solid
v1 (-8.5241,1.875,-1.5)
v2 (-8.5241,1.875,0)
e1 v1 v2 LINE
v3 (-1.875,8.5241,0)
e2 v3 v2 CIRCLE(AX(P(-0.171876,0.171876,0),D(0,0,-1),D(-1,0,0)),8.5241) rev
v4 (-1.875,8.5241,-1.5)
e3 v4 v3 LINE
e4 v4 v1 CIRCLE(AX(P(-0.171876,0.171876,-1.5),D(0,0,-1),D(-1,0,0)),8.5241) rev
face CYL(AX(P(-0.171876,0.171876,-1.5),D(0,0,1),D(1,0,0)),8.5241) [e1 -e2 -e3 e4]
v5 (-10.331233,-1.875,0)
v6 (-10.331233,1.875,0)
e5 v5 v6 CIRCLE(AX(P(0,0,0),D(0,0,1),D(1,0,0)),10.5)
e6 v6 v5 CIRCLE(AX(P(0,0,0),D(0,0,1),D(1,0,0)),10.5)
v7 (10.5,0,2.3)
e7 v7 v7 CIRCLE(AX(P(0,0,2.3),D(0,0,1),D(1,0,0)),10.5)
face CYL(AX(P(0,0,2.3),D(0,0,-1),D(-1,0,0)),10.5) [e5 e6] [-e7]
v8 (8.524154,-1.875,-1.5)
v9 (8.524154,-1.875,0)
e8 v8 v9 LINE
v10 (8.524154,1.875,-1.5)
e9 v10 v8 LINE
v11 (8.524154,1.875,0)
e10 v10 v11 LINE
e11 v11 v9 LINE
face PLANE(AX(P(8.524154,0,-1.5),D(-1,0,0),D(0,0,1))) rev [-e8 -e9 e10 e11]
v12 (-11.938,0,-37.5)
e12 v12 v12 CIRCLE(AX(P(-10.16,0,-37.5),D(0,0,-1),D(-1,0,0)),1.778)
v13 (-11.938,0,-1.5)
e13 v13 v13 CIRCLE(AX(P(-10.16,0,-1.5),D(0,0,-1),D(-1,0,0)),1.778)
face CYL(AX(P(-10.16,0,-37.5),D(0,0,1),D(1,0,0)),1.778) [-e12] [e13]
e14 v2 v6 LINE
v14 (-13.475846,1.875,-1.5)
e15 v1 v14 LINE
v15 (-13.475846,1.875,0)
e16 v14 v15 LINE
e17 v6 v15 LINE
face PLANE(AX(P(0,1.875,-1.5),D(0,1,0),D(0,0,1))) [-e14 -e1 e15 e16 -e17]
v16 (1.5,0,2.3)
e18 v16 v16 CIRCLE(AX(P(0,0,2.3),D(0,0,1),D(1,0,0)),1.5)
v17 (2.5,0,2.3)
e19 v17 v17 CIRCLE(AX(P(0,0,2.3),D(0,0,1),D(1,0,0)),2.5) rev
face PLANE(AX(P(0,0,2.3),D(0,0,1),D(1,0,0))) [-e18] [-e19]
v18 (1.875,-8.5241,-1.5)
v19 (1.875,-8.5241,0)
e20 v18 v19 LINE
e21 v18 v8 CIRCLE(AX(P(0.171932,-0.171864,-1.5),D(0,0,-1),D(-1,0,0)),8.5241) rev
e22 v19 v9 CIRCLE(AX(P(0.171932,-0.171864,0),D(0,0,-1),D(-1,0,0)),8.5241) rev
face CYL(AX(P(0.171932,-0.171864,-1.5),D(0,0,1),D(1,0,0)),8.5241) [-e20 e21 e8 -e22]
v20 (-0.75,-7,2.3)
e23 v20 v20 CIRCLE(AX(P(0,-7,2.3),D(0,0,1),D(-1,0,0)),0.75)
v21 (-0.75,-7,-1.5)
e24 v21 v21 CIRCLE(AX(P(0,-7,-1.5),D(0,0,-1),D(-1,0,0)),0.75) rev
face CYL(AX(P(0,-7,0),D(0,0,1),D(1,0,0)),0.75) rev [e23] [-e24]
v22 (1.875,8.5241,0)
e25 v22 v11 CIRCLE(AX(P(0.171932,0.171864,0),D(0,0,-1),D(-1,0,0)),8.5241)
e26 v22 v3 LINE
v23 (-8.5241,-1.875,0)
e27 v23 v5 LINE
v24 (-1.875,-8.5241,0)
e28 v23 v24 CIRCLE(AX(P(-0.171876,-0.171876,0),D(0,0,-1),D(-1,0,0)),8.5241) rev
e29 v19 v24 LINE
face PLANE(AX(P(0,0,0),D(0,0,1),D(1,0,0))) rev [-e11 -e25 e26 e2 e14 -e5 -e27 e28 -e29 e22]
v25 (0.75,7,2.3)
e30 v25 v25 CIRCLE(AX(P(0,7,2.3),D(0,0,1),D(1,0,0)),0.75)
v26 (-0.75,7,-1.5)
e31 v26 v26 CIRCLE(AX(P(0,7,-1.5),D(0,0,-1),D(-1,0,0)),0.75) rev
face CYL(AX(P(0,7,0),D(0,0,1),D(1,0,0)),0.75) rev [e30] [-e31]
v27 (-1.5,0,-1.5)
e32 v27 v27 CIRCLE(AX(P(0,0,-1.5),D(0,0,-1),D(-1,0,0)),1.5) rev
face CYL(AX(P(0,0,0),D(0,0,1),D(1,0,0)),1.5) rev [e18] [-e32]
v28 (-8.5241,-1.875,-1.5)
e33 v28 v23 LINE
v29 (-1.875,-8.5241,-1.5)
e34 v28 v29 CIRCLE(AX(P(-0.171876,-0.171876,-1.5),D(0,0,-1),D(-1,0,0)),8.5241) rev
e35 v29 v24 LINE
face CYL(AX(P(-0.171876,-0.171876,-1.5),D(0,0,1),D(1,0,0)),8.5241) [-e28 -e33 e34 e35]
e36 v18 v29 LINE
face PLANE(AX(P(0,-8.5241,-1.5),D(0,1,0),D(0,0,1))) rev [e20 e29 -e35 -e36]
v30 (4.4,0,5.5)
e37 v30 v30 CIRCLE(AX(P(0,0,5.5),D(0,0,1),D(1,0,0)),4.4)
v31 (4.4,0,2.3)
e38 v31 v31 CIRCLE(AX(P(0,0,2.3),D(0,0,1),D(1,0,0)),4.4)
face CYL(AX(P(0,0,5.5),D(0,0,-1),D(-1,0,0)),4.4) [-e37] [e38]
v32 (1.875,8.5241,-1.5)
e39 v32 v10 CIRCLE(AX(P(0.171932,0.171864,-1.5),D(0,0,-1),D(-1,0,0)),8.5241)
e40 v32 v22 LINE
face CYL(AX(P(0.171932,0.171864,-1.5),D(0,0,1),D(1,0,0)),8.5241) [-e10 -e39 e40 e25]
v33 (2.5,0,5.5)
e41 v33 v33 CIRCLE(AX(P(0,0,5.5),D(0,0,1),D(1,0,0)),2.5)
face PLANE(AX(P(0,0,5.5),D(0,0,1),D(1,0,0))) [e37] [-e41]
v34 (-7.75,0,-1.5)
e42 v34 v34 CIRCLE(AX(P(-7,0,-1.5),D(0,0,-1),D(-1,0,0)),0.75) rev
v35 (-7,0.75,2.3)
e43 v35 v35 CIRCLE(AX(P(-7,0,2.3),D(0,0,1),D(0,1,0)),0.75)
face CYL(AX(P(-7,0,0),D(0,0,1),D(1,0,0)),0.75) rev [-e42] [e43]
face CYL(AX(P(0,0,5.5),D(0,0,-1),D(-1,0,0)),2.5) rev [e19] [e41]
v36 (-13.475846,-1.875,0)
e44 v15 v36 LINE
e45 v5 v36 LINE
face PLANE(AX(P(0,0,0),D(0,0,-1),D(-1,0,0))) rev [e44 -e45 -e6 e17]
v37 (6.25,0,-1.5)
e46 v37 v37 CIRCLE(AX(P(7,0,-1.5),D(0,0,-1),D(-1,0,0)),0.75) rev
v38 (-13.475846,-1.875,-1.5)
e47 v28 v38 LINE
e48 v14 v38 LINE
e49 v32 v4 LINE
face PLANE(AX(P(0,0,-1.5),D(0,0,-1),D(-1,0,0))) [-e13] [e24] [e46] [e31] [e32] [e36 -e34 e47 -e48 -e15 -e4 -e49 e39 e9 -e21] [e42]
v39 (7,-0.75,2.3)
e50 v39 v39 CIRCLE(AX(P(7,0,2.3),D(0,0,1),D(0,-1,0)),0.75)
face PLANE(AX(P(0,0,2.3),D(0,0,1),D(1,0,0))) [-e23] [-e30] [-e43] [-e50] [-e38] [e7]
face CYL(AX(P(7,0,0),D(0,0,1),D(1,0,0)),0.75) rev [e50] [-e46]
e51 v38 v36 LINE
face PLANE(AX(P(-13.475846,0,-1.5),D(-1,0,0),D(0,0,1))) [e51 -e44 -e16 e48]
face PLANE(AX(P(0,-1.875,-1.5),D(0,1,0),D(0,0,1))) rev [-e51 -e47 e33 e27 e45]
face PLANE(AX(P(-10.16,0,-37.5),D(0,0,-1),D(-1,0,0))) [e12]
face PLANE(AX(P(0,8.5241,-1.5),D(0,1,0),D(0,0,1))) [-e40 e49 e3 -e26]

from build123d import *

# Parameters (mm, degrees)
SKETCH1_R           = 10.5
BOSS_EXTRUDE1_DEPTH = 2.3
SKETCH2_R           = 0.75
CUT_EXTRUDE1_DEPTH  = 16.026310259
SKETCH3_R           = 1.5
CUT_EXTRUDE2_DEPTH  = 2.3
CIRPATTERN1_COUNT   = 4
SKETCH4_R           = 4.4
SKETCH4_R_2         = 2.5
BOSS_EXTRUDE2_DEPTH = 3.2
SKETCH5_W           = 22
SKETCH5_H           = 3.75
SKETCH5_R           = 0.75
SKETCH5_R_2         = 1.5
BOSS_EXTRUDE3_DEPTH = 1.5
SKETCH6_R           = 1.778
BOSS_EXTRUDE4_DEPTH = 36
SKETCH7_W           = 3.75
SKETCH7_H           = 6.6491
SKETCH7_R           = 0.75
BOSS_EXTRUDE5_DEPTH = 1.5


with BuildPart() as part:
    # Sketch1 → Boss-Extrude1 (new body)
    with BuildSketch(Plane.XY):
        Circle(SKETCH1_R)
    extrude(amount=BOSS_EXTRUDE1_DEPTH)

    # Sketch2 → Cut-Extrude1 (cut, through all)
    with BuildSketch(Plane.XY.offset(2.3)):
        with Locations((0, 7)):
            Circle(SKETCH2_R)
    cut_extrude1 = extrude(amount=-CUT_EXTRUDE1_DEPTH, mode=Mode.SUBTRACT)

    # Sketch3 → Cut-Extrude2 (cut)
    with BuildSketch(Plane.XY.offset(2.3)):
        Circle(SKETCH3_R)
    extrude(amount=-CUT_EXTRUDE2_DEPTH, mode=Mode.SUBTRACT)

    # CirPattern1: Cut-Extrude1 ×4 about axis
    cirpattern1_axis = Axis((0, 0, 0), (0, 0, 1))
    for i in range(1, CIRPATTERN1_COUNT):
        add(cut_extrude1.rotate(cirpattern1_axis, i * 360 / CIRPATTERN1_COUNT), mode=Mode.SUBTRACT)

    # Sketch4 → Boss-Extrude2 (add)
    with BuildSketch(Plane.XY.offset(2.3)):
        Circle(SKETCH4_R)
        Circle(SKETCH4_R_2, mode=Mode.SUBTRACT)
    extrude(amount=BOSS_EXTRUDE2_DEPTH)

    # Sketch5 → Boss-Extrude3 (add)
    with BuildSketch(Plane(origin=(0, 0, 0), x_dir=(-1, 0, 0), z_dir=(0, 0, -1))):
        with Locations((2.475846117, 0)):
            Rectangle(SKETCH5_W, SKETCH5_H)
        with Locations(Location((7, 0, 0), (0, 0, 90))):
            Circle(SKETCH5_R, mode=Mode.SUBTRACT)
        with Locations(Location((-7, 0, 0), (0, 0, 270))):
            Circle(SKETCH5_R, mode=Mode.SUBTRACT)
        with Locations(Location((0, 0, 0), (0, 0, 180))):
            Circle(SKETCH5_R_2, mode=Mode.SUBTRACT)
    extrude(amount=BOSS_EXTRUDE3_DEPTH)

    # Sketch6 → Boss-Extrude4 (add)
    with BuildSketch(Plane(origin=(0, 0, -1.5), x_dir=(-1, 0, 0), z_dir=(0, 0, -1))):
        with Locations((10.16, 0)):
            Circle(SKETCH6_R)
    extrude(amount=BOSS_EXTRUDE4_DEPTH)

    # Sketch7 → Boss-Extrude5 (add)
    with BuildSketch(Plane(origin=(0, 0, 0), x_dir=(-1, 0, 0), z_dir=(0, 0, -1))):
        with BuildLine():
            Line((-8.524153883, 1.875), (-1.875, 1.875))
            Line((-1.875, 1.875), (-1.875, 8.5241))
            ThreePointArc((-1.875, 8.5241), (-6.199356528, 6.199337688), (-8.524153883, 1.875))
        make_face()
        with BuildLine():
            Line((1.875, 8.5241), (1.875, 1.875))
            Line((1.875, 1.875), (8.5241, 1.875))
            ThreePointArc((8.5241, 1.875), (6.199324729, 6.199324729), (1.875, 8.5241))
        make_face()
        with BuildLine():
            Line((-1.875, -8.5241), (-1.875, -1.875))
            Line((-1.875, -1.875), (-8.524153883, -1.875))
            ThreePointArc((-8.524153883, -1.875), (-6.199356528, -6.199337688), (-1.875, -8.5241))
        make_face()
        with BuildLine():
            Line((8.5241, -1.875), (1.875, -1.875))
            Line((1.875, -1.875), (1.875, -8.5241))
            ThreePointArc((1.875, -8.5241), (6.199324729, -6.199324729), (8.5241, -1.875))
        make_face()
        with Locations((0, -5.19955)):
            Rectangle(SKETCH7_W, SKETCH7_H)
        with Locations((0, -7)):
            Circle(SKETCH7_R, mode=Mode.SUBTRACT)
        with Locations((0, 5.19955)):
            Rectangle(SKETCH7_W, SKETCH7_H)
        with Locations(Location((0, 7, 0), (0, 0, 180))):
            Circle(SKETCH7_R, mode=Mode.SUBTRACT)
    extrude(amount=BOSS_EXTRUDE5_DEPTH)


solid = part.part
